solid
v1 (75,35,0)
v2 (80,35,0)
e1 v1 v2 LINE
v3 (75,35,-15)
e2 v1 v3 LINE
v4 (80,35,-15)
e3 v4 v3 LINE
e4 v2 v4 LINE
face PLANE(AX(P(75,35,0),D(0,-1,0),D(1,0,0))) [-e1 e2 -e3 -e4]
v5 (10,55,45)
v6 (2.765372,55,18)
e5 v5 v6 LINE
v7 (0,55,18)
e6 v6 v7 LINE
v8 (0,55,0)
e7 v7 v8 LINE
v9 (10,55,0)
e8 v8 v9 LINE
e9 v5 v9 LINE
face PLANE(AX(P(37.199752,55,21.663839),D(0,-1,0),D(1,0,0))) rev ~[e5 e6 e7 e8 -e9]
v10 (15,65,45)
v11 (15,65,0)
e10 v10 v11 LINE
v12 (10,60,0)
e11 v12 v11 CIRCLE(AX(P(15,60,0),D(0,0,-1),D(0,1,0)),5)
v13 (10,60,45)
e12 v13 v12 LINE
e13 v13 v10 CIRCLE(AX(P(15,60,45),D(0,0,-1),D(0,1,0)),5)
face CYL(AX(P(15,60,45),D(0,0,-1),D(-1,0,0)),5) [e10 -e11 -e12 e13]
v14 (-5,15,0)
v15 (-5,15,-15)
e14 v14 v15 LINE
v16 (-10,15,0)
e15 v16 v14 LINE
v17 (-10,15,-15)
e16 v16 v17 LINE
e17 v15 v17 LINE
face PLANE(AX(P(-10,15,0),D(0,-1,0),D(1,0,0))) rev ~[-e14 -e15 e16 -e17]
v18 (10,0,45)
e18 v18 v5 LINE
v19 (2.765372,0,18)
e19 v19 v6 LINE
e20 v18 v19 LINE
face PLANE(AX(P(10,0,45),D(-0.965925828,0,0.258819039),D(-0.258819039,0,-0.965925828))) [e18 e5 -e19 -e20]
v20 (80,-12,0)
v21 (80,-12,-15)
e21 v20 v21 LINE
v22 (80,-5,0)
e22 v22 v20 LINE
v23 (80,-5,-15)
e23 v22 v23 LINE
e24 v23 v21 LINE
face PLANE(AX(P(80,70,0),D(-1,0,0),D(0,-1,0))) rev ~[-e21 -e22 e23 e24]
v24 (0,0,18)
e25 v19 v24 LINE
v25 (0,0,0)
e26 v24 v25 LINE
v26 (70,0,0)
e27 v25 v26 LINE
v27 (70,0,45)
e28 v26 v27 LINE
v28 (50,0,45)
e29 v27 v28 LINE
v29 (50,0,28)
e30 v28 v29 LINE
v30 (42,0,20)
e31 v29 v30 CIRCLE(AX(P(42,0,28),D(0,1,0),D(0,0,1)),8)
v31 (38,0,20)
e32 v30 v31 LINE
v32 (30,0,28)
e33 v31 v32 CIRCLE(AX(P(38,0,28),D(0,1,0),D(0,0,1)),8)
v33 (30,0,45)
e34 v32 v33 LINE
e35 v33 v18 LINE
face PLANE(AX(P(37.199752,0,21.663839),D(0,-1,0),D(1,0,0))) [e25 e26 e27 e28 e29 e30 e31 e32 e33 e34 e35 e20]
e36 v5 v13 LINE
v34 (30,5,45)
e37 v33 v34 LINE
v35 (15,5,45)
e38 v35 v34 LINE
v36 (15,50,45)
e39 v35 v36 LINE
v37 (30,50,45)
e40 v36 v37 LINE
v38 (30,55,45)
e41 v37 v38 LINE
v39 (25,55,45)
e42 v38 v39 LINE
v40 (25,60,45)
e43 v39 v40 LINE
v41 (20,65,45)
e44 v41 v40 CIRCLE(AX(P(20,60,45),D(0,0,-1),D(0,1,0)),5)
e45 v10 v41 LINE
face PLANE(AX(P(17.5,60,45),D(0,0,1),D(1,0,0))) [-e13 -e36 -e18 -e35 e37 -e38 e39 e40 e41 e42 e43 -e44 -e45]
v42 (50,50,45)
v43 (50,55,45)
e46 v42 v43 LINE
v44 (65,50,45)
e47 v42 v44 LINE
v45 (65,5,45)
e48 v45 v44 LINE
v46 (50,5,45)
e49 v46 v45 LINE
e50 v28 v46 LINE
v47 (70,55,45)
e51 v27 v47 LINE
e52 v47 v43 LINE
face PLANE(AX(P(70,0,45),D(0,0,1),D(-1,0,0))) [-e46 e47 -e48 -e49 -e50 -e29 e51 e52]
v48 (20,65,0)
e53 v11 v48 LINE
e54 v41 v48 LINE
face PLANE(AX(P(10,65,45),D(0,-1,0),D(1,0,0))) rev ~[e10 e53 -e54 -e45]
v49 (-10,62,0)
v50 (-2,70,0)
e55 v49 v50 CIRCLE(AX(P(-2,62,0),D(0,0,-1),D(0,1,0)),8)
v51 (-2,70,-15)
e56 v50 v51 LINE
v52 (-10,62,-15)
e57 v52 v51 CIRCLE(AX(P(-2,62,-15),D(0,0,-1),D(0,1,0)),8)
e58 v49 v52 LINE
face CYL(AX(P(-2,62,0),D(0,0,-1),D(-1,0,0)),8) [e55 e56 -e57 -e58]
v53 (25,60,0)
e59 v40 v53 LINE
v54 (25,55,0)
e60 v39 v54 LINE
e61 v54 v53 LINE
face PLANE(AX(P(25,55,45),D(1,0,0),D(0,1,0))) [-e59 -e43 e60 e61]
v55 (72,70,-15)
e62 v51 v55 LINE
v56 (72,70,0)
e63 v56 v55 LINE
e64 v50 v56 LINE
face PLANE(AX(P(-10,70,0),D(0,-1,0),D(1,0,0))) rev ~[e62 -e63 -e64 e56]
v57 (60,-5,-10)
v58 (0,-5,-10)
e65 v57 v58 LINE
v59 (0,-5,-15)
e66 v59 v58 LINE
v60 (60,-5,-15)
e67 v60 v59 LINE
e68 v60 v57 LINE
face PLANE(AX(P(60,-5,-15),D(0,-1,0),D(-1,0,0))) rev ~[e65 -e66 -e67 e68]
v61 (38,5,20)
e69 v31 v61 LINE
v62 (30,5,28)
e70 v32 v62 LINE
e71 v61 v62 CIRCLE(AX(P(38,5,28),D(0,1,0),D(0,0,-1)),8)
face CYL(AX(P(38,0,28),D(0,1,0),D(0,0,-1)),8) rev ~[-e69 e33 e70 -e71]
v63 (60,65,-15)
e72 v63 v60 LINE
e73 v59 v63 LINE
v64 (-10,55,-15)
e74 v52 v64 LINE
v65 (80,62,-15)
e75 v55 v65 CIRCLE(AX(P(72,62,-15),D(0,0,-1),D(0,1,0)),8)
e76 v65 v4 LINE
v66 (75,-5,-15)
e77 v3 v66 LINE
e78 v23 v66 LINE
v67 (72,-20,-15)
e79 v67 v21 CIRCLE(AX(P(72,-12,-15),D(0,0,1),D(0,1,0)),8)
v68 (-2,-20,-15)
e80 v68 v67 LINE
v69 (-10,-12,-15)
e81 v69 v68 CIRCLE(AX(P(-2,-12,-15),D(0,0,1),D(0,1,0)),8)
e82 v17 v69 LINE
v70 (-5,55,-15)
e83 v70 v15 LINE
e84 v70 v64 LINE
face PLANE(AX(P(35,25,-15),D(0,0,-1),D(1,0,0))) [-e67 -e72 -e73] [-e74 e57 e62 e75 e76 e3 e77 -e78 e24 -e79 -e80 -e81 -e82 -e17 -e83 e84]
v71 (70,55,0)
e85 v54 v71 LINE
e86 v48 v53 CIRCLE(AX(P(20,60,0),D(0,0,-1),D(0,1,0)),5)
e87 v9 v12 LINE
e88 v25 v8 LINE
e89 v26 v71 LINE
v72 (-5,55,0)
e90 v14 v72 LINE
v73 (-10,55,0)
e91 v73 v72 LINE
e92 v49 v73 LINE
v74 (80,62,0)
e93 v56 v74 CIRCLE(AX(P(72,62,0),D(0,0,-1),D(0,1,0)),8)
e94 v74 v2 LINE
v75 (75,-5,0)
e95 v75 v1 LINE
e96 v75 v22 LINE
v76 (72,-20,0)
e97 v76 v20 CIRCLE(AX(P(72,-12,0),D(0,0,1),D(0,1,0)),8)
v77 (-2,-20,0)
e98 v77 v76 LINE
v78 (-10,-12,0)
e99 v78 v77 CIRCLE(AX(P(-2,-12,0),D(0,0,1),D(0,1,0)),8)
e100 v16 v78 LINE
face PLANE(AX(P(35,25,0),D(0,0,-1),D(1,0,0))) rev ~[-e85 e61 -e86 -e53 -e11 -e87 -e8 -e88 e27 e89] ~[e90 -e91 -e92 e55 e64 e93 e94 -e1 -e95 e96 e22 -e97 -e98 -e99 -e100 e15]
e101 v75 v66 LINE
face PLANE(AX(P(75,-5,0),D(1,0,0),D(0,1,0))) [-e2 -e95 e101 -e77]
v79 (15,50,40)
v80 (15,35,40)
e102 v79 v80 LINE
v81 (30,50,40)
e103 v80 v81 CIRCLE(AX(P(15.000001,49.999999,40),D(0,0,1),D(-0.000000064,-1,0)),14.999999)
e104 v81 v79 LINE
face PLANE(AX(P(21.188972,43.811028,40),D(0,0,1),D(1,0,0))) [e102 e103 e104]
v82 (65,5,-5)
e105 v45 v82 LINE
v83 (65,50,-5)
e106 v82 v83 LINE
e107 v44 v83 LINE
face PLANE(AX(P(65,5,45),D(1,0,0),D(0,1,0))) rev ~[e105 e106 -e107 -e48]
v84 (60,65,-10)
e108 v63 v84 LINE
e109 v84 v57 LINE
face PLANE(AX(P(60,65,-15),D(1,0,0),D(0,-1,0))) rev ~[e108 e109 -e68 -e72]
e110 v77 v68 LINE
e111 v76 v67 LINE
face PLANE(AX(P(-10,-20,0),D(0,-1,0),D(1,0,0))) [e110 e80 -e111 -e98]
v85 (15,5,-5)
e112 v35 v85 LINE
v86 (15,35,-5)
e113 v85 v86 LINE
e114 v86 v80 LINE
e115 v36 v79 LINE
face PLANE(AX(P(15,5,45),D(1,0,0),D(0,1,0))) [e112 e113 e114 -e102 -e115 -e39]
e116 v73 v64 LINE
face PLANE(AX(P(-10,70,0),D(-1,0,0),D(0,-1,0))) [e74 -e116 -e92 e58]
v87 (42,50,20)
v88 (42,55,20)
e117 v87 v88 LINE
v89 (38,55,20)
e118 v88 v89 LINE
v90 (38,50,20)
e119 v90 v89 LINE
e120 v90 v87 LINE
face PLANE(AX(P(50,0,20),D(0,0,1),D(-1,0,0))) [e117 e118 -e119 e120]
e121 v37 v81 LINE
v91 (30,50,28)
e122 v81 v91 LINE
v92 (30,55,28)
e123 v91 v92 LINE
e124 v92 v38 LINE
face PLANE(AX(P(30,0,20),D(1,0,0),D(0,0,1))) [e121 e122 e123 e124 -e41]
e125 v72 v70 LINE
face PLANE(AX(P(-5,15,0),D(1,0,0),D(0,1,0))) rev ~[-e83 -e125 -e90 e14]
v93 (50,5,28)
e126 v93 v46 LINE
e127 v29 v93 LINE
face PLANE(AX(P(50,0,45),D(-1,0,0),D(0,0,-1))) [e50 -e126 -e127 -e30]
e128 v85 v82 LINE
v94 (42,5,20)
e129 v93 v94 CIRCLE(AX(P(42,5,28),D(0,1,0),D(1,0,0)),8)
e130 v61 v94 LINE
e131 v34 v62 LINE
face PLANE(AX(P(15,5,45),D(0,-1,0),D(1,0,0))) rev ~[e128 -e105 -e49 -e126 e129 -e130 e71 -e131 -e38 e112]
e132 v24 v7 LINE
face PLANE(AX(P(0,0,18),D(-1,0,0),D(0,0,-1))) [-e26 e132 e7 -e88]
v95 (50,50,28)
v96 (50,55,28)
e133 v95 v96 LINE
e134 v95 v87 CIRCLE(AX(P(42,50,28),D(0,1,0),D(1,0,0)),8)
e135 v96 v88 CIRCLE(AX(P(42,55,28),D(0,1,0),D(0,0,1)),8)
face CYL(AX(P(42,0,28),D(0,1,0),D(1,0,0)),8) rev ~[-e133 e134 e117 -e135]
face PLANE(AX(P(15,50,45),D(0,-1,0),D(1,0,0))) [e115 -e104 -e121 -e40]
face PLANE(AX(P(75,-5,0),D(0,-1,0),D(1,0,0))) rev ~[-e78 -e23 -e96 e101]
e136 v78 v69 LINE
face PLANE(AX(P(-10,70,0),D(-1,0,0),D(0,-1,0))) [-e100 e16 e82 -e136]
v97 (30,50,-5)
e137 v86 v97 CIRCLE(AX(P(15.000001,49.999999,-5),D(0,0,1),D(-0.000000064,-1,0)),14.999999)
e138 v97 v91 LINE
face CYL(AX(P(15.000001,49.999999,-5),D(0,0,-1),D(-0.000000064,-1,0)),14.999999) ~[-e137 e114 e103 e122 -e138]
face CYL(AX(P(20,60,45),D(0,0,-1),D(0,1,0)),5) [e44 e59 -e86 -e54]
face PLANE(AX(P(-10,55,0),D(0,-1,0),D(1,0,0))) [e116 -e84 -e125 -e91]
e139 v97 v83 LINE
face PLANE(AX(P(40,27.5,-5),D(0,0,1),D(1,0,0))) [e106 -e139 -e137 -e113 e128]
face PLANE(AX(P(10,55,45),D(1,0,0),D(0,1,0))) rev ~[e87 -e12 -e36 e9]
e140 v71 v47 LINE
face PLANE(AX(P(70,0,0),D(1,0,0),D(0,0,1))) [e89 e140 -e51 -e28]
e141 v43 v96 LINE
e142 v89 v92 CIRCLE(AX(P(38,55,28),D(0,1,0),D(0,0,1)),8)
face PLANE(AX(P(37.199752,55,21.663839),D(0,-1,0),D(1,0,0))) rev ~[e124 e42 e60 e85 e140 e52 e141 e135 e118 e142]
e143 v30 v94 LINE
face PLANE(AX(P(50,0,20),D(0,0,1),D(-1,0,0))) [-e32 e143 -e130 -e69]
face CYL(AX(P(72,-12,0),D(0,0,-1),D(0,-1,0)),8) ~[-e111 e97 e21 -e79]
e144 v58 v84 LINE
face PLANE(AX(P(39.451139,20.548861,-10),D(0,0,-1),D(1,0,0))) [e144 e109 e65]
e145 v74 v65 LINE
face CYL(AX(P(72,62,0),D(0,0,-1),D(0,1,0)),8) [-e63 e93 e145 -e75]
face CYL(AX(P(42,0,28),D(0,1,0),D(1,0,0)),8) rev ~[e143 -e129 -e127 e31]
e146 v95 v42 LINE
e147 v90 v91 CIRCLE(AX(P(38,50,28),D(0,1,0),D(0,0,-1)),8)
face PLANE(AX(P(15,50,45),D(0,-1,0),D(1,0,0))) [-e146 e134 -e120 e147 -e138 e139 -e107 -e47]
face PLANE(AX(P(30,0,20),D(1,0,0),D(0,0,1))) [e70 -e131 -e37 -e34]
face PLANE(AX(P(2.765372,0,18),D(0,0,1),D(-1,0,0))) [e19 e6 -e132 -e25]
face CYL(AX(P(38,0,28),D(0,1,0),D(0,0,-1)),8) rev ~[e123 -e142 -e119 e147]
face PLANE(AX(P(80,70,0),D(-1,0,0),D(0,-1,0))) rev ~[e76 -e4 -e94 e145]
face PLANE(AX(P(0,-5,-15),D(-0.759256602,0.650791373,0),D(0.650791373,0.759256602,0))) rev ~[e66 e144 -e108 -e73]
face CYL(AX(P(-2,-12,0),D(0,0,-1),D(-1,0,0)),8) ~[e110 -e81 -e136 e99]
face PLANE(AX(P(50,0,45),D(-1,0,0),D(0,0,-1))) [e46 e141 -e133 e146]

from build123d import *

# Parameters (mm, degrees)
F1_DEPTH  = 55
F2_R      = 8
F3_W      = 90
F3_H      = 90
F4_DEPTH  = 15
F5_R      = 8
F6_W      = 15
F6_H      = 10
F7_DEPTH  = 45
F8_R      = 5
F9_W      = 50
F9_H      = 45
F10_DEPTH = 50
F12_DEPTH = 45
F13_W     = 5
F13_H     = 40
F14_DEPTH = 15.001
F16_DEPTH = 5


with BuildPart() as f1:
    # F0 (on Front) → F1 (new body)
    with BuildSketch(Plane.XZ):
        Polygon((0, 18), (0, 0), (70, 0), (70, 45), (50, 45), (50, 20), (30, 20), (30, 45), (10, 45), (2.765372, 18), align=None)
    extrude(amount=-F1_DEPTH)

    # F2
    f2_edges = [f1.edges().sort_by_distance(p)[0] for p in [
        (30, 27.5, 20),
        (50, 27.5, 20),
    ]]
    fillet(f2_edges, radius=F2_R)

    # F3 (on face) → F4 (join)
    with BuildSketch(Plane(origin=(0, 0, 0), x_dir=(1, 0, 0), z_dir=(0, 0, -1))):
        with Locations((35, -25)):
            Rectangle(F3_W, F3_H)
    extrude(amount=F4_DEPTH)

    # F5
    f5_edges = [f1.edges().sort_by_distance(p)[0] for p in [
        (-10, 70, -7.5),
        (80, 70, -7.5),
        (-10, -20, -7.5),
        (80, -20, -7.5),
    ]]
    fillet(f5_edges, radius=F5_R)

    # F6 (on face) → F7 (join, through all)
    with BuildSketch(Plane.XY.offset(45)):
        with Locations((17.5, 60)):
            Rectangle(F6_W, F6_H)
    extrude(amount=-F7_DEPTH)

    # F8
    f8_edges = [f1.edges().sort_by_distance(p)[0] for p in [
        (25, 65, 22.5),
        (10, 65, 22.5),
    ]]
    fillet(f8_edges, radius=F8_R)

    # F9 (on face) → F10 (cut)
    with BuildSketch(Plane.XY.offset(45)):
        with Locations((40, 27.5)):
            Rectangle(F9_W, F9_H)
    extrude(amount=-F10_DEPTH, mode=Mode.SUBTRACT)

    # F11 (on face) → F12 (join)
    with BuildSketch(Plane.XY.offset(-5)):
        with BuildLine():
            Line((30, 50), (15, 50))
            Line((15, 50), (15, 35))
            ThreePointArc((15, 35), (25.606602, 39.393398), (30, 50))
        make_face()
    extrude(amount=F12_DEPTH)

    # F13 (on face) → F14 (cut, through all)
    with BuildSketch(Plane.XY):
        with Locations((-7.5, 35)):
            Rectangle(F13_W, F13_H)
        with Locations((77.5, 15)):
            Rectangle(F13_W, F13_H)
    extrude(amount=-F14_DEPTH, mode=Mode.SUBTRACT)

    # F15 (on face) → F16 (cut)
    with BuildSketch(Plane(origin=(0, 0, -15), x_dir=(1, 0, 0), z_dir=(0, 0, -1))):
        Polygon((0, 5), (60, -65), (60, 5), align=None)
    extrude(amount=-F16_DEPTH, mode=Mode.SUBTRACT)


solid = f1.part
